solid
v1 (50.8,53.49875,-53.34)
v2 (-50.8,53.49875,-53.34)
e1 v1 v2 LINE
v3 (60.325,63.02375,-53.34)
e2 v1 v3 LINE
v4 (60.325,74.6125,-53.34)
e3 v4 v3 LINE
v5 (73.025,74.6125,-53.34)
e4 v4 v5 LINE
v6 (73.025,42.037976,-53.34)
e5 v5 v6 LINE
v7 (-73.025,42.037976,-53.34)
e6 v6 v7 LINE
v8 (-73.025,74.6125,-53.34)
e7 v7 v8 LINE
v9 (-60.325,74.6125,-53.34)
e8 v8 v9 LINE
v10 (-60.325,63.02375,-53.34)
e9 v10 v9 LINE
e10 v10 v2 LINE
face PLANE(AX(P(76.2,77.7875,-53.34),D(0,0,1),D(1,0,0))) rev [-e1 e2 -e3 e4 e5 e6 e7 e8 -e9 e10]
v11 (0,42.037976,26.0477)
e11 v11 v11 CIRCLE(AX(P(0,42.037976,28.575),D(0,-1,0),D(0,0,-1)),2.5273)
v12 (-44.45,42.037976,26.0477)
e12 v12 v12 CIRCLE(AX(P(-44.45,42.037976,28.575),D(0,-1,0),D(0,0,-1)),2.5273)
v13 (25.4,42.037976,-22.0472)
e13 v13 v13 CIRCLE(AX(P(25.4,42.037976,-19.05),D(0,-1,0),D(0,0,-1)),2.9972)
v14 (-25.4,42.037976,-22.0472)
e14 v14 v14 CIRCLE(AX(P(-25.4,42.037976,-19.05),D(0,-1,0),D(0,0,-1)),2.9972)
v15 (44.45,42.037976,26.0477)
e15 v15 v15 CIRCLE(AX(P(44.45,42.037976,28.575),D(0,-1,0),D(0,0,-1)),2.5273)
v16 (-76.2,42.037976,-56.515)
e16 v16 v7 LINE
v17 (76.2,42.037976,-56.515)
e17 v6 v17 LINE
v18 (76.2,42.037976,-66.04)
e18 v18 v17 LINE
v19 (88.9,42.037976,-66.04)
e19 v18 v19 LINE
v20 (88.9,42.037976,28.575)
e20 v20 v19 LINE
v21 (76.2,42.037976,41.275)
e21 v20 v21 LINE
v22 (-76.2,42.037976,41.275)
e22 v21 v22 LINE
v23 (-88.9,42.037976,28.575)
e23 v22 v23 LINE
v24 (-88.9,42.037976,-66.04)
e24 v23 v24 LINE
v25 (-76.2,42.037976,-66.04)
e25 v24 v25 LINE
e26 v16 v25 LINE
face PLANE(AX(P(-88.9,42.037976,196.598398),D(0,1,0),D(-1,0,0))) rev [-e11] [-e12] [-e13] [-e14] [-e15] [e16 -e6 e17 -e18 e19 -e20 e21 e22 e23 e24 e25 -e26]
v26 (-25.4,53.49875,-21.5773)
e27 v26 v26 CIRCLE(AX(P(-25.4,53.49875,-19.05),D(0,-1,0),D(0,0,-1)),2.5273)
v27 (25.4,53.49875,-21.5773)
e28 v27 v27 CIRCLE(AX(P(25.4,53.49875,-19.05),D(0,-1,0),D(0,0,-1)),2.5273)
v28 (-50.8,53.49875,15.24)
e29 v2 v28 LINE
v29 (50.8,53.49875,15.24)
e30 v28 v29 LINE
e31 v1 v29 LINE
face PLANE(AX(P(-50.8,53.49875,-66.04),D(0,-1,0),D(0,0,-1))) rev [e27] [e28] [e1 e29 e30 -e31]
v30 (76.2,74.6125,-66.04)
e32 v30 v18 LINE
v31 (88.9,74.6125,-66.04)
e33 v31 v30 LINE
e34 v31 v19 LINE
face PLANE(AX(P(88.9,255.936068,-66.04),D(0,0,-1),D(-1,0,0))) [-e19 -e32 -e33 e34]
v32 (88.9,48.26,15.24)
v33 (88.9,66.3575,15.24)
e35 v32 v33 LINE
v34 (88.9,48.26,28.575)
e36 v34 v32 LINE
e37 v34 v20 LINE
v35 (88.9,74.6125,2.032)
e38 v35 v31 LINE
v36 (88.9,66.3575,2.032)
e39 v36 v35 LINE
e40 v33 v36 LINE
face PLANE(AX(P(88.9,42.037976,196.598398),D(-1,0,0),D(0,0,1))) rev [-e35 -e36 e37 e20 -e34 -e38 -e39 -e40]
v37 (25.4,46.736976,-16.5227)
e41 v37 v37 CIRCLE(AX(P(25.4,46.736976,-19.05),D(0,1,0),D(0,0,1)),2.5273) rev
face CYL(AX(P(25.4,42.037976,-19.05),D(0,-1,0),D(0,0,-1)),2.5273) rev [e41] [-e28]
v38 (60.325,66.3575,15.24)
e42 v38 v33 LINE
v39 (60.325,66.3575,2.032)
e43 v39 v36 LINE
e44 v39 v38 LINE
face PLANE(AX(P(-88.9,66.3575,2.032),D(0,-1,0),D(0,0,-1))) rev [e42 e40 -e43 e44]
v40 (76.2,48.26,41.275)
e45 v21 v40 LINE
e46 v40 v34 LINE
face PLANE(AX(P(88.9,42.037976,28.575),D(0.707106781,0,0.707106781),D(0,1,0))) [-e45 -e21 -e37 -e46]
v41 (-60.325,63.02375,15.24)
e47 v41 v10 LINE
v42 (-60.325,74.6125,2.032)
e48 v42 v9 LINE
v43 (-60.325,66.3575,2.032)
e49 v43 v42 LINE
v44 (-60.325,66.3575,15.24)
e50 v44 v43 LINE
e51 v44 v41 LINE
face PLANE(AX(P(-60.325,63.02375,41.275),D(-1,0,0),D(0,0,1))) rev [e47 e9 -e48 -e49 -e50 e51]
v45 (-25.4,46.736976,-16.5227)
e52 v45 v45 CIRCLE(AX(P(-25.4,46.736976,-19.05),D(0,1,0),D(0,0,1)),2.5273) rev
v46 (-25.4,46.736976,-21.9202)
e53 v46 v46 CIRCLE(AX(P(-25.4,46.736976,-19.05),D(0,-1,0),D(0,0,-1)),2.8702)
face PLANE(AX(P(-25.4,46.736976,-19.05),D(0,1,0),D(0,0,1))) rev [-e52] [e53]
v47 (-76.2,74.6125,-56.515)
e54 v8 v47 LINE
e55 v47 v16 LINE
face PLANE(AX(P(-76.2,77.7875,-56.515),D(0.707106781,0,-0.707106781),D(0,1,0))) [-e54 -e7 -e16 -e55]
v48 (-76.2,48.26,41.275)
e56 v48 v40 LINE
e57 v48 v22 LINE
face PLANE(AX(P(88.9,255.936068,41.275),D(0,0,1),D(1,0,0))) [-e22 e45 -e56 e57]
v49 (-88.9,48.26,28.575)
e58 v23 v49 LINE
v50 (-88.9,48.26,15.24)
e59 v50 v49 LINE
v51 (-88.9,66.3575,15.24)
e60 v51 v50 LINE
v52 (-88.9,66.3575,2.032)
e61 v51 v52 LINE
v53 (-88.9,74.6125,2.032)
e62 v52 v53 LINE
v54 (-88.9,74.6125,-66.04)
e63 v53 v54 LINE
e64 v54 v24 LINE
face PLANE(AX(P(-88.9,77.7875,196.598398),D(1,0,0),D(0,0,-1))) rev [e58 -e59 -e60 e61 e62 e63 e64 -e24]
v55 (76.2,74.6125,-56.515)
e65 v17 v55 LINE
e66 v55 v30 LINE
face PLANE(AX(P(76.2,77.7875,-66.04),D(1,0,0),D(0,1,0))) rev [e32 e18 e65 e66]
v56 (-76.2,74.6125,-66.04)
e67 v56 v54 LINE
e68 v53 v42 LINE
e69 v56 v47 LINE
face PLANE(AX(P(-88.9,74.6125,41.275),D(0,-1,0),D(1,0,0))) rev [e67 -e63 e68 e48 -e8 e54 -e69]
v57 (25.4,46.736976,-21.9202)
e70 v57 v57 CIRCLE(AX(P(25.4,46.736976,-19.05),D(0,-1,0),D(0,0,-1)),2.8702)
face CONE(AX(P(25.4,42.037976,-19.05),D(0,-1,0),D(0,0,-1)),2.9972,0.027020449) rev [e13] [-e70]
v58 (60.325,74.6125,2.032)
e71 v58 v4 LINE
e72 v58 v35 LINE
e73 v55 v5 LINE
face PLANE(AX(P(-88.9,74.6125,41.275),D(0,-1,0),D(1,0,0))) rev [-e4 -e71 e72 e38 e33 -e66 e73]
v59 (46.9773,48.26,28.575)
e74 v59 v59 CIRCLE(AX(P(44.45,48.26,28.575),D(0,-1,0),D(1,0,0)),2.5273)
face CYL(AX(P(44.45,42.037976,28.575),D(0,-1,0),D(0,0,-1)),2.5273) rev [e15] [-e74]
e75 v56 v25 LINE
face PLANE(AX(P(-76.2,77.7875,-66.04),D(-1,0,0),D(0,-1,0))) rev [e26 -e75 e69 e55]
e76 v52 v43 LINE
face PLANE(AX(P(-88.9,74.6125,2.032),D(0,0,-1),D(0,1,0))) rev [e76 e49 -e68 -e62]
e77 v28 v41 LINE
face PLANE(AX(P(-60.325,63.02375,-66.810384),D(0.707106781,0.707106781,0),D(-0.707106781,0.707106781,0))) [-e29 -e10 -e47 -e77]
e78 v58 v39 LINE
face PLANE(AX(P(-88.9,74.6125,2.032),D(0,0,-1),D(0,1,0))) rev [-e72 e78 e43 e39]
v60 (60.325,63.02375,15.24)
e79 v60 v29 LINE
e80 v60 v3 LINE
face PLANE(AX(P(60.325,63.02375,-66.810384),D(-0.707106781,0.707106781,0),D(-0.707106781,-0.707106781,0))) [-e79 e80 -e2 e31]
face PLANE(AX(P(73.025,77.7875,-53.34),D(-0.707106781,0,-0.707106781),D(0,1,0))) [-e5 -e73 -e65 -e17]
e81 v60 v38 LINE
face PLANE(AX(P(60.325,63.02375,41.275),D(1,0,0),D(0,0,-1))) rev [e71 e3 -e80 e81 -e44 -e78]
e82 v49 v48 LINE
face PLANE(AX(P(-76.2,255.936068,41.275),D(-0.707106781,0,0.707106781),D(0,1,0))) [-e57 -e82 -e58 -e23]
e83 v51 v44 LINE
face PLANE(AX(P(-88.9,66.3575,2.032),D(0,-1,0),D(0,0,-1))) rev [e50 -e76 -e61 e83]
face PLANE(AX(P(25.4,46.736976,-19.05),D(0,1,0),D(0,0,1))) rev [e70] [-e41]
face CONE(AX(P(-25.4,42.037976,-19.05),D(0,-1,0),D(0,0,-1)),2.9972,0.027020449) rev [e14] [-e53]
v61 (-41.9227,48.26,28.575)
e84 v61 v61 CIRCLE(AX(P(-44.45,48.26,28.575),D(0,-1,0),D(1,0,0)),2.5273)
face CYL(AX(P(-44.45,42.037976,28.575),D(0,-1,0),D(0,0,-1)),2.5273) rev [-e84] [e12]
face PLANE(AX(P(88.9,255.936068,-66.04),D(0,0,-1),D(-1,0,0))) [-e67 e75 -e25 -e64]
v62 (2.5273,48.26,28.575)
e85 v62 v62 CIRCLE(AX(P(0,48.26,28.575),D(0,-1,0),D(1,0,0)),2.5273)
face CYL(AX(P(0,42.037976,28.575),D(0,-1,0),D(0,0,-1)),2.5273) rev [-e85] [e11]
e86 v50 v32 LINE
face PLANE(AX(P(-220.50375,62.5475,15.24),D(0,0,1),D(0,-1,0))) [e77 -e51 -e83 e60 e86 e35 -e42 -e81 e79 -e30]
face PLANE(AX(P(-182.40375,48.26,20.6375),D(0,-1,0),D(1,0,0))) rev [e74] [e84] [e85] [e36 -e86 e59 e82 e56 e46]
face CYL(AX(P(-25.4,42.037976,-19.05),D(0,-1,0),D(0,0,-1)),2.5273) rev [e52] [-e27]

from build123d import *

# Parameters (mm, degrees)
SKETCH1_W                      = 177.8
SKETCH1_H                      = 35.749524071
BOSS_EXTRUDE1_DEPTH            = 15.24
SKETCH2_W                      = 177.8
SKETCH2_H                      = 107.315000048
BOSS_EXTRUDE2_DEPTH            = 6.222024
CHAMFER1_SIZE                  = 12.7
F_8_0_199_DIAMETER_HOLE2_D     = 5.0546
CUT_EXTRUDE1_DEPTH             = 82.280000048
SKETCH8_W                      = 177.8
SKETCH8_H                      = 29.5275
BOSS_EXTRUDE3_DEPTH            = 66.04
SKETCH9_W                      = 152.4
SKETCH9_H                      = 12.7
CUT_EXTRUDE2_DEPTH             = 36.749524071
SKETCH10_W                     = 177.8
SKETCH10_H                     = 3.175
CUT_EXTRUDE3_DEPTH             = 108.315000048
SKETCH11_W                     = 13.208
SKETCH11_H                     = 8.255
CUT_EXTRUDE4_DEPTH             = 178.8
SKETCH12_W                     = 120.65
SKETCH12_H                     = 11.58875
CUT_EXTRUDE5_DEPTH             = 95.615000048
BOSS_EXTRUDE4_DEPTH            = 68.58
CHAMFER2_SIZE                  = 3.175
F_8_0_199_DIAMETER_HOLE1_D     = 5.0546
F_8_0_199_DIAMETER_HOLE1_DEPTH = 11.460774071
F_8_PLASTIC_INSERT_AT_2_COUNT  = 2
F_8_PLASTIC_INSERT_AT_2_PITCH  = 50.8


with BuildPart() as part:
    # Sketch1 → Boss-Extrude1 (new body)
    with BuildSketch(Plane.XY):
        with Locations((0, 59.912737965)):
            Rectangle(SKETCH1_W, SKETCH1_H)
    extrude(amount=BOSS_EXTRUDE1_DEPTH)

    # Sketch2 → Boss-Extrude2 (add)
    with BuildSketch(Plane.XZ.offset(-42.037975929)):
        with Locations((0, -12.382499976)):
            Rectangle(SKETCH2_W, SKETCH2_H)
    extrude(amount=-BOSS_EXTRUDE2_DEPTH)

    # Chamfer1
    chamfer1_edges = [part.edges().sort_by_distance(p)[0] for p in [
        (88.9, 45.148987929, 41.275000048),
        (-88.9, 45.148987929, 41.275000048),
    ]]
    chamfer(chamfer1_edges, length=CHAMFER1_SIZE)

    # #8 (0.199) Diameter Hole2 (through all)
    with Locations(Plane(origin=(0, 42.037975929, 0), x_dir=(-1, 0, 0), z_dir=(0, -1, 0))):
        with Locations((-44.45, -28.575000048), (0, -28.575000048), (44.45, -28.575000048)):
            Hole(F_8_0_199_DIAMETER_HOLE2_D / 2)

    # Sketch7 → Cut-Extrude1 (cut, through all)
    with BuildSketch(Plane.XY.offset(15.240000048)):
        with BuildLine():
            Line((-50.8, 72.54875), (50.8, 72.54875))
            ThreePointArc((50.8, 72.54875), (60.325, 63.02375), (50.8, 53.49875))
            Line((50.8, 53.49875), (-50.8, 53.49875))
            ThreePointArc((-50.8, 53.49875), (-60.325, 63.02375), (-50.8, 72.54875))
        make_face()
    extrude(amount=-CUT_EXTRUDE1_DEPTH, mode=Mode.SUBTRACT)

    # Sketch8 → Boss-Extrude3 (add)
    with BuildSketch(Plane(origin=(0, 0, 0), x_dir=(-1, 0, 0), z_dir=(0, 0, -1))):
        with Locations((0, 63.02375)):
            Rectangle(SKETCH8_W, SKETCH8_H)
        with BuildLine():
            Line((50.8, 72.54875), (-50.8, 72.54875))
            ThreePointArc((-50.8, 72.54875), (-60.325, 63.02375), (-50.8, 53.49875))
            Line((-50.8, 53.49875), (50.8, 53.49875))
            ThreePointArc((50.8, 53.49875), (60.325, 63.02375), (50.8, 72.54875))
        make_face(mode=Mode.SUBTRACT)
    extrude(amount=BOSS_EXTRUDE3_DEPTH)

    # Sketch9 → Cut-Extrude2 (cut, through all)
    with BuildSketch(Plane.XZ.offset(-42.037975929)):
        with Locations((0, -59.69)):
            Rectangle(SKETCH9_W, SKETCH9_H)
    extrude(amount=-CUT_EXTRUDE2_DEPTH, mode=Mode.SUBTRACT)

    # Sketch10 → Cut-Extrude3 (cut, through all)
    with BuildSketch(Plane(origin=(0, 0, -66.04), x_dir=(-1, 0, 0), z_dir=(0, 0, -1))):
        with Locations((0, 76.2)):
            Rectangle(SKETCH10_W, SKETCH10_H)
    extrude(amount=-CUT_EXTRUDE3_DEPTH, mode=Mode.SUBTRACT)

    # Sketch11 → Cut-Extrude4 (cut, through all)
    with BuildSketch(Plane(origin=(88.9, 0, 0), x_dir=(0, 0, -1), z_dir=(1, 0, 0))):
        with Locations((-8.636000048, 70.485)):
            Rectangle(SKETCH11_W, SKETCH11_H)
    extrude(amount=-CUT_EXTRUDE4_DEPTH, mode=Mode.SUBTRACT)

    # Sketch12 → Cut-Extrude5 (cut, through all)
    with BuildSketch(Plane(origin=(0, 0, -53.34), x_dir=(-1, 0, 0), z_dir=(0, 0, -1))):
        with Locations((0, 68.818125)):
            Rectangle(SKETCH12_W, SKETCH12_H)
    extrude(amount=-CUT_EXTRUDE5_DEPTH, mode=Mode.SUBTRACT)

    # Sketch13 → Boss-Extrude4 (add)
    with BuildSketch(Plane.XY.offset(15.240000048)):
        with BuildLine():
            Line((60.325, 63.02375), (50.8, 53.49875))
            ThreePointArc((50.8, 53.49875), (57.535192091, 56.288557909), (60.325, 63.02375))
        make_face()
        with BuildLine():
            Line((-60.325, 63.02375), (-50.8, 53.49875))
            ThreePointArc((-50.8, 53.49875), (-57.535192091, 56.288557909), (-60.325, 63.02375))
        make_face()
    extrude(amount=-BOSS_EXTRUDE4_DEPTH)

    # Chamfer2
    chamfer2_edges = [part.edges().sort_by_distance(p)[0] for p in [
        (-76.2, 58.325237965, -53.34),
        (76.2, 58.325237965, -53.34),
    ]]
    chamfer(chamfer2_edges, length=CHAMFER2_SIZE)

    # #8 (0.199) Diameter Hole1
    with Locations(Plane(origin=(9.884621419, 42.037975929, -19.494996768), x_dir=(-1, 0, 0), z_dir=(0, -1, 0))):
        with Locations((-15.515378581, -0.444996793), (35.284621419, -0.444996793)):
            Hole(F_8_0_199_DIAMETER_HOLE1_D / 2, depth=F_8_0_199_DIAMETER_HOLE1_DEPTH)

    # Sketch51 → #8 Plastic Insert (revolve, cut)
    with BuildSketch(Plane(origin=(25.4, 42.037975929, -19.049999976), x_dir=(0, 0, -1), z_dir=(1, 0, 0))):
        Polygon((0, 0), (0, 4.699), (2.8702, 4.699), (2.9972, 0), align=None)
    f_8_plastic_insert = revolve(axis=Axis((25.4, 152.037975929, -19.049999976), (0, -1, 0)), mode=Mode.SUBTRACT)

    # #8 Plastic Insert at 2: #8 Plastic Insert ×2
    with Locations(*[(-i * F_8_PLASTIC_INSERT_AT_2_PITCH, 0, 0) for i in range(1, F_8_PLASTIC_INSERT_AT_2_COUNT)]):
        add(f_8_plastic_insert, mode=Mode.SUBTRACT)


solid = part.part
